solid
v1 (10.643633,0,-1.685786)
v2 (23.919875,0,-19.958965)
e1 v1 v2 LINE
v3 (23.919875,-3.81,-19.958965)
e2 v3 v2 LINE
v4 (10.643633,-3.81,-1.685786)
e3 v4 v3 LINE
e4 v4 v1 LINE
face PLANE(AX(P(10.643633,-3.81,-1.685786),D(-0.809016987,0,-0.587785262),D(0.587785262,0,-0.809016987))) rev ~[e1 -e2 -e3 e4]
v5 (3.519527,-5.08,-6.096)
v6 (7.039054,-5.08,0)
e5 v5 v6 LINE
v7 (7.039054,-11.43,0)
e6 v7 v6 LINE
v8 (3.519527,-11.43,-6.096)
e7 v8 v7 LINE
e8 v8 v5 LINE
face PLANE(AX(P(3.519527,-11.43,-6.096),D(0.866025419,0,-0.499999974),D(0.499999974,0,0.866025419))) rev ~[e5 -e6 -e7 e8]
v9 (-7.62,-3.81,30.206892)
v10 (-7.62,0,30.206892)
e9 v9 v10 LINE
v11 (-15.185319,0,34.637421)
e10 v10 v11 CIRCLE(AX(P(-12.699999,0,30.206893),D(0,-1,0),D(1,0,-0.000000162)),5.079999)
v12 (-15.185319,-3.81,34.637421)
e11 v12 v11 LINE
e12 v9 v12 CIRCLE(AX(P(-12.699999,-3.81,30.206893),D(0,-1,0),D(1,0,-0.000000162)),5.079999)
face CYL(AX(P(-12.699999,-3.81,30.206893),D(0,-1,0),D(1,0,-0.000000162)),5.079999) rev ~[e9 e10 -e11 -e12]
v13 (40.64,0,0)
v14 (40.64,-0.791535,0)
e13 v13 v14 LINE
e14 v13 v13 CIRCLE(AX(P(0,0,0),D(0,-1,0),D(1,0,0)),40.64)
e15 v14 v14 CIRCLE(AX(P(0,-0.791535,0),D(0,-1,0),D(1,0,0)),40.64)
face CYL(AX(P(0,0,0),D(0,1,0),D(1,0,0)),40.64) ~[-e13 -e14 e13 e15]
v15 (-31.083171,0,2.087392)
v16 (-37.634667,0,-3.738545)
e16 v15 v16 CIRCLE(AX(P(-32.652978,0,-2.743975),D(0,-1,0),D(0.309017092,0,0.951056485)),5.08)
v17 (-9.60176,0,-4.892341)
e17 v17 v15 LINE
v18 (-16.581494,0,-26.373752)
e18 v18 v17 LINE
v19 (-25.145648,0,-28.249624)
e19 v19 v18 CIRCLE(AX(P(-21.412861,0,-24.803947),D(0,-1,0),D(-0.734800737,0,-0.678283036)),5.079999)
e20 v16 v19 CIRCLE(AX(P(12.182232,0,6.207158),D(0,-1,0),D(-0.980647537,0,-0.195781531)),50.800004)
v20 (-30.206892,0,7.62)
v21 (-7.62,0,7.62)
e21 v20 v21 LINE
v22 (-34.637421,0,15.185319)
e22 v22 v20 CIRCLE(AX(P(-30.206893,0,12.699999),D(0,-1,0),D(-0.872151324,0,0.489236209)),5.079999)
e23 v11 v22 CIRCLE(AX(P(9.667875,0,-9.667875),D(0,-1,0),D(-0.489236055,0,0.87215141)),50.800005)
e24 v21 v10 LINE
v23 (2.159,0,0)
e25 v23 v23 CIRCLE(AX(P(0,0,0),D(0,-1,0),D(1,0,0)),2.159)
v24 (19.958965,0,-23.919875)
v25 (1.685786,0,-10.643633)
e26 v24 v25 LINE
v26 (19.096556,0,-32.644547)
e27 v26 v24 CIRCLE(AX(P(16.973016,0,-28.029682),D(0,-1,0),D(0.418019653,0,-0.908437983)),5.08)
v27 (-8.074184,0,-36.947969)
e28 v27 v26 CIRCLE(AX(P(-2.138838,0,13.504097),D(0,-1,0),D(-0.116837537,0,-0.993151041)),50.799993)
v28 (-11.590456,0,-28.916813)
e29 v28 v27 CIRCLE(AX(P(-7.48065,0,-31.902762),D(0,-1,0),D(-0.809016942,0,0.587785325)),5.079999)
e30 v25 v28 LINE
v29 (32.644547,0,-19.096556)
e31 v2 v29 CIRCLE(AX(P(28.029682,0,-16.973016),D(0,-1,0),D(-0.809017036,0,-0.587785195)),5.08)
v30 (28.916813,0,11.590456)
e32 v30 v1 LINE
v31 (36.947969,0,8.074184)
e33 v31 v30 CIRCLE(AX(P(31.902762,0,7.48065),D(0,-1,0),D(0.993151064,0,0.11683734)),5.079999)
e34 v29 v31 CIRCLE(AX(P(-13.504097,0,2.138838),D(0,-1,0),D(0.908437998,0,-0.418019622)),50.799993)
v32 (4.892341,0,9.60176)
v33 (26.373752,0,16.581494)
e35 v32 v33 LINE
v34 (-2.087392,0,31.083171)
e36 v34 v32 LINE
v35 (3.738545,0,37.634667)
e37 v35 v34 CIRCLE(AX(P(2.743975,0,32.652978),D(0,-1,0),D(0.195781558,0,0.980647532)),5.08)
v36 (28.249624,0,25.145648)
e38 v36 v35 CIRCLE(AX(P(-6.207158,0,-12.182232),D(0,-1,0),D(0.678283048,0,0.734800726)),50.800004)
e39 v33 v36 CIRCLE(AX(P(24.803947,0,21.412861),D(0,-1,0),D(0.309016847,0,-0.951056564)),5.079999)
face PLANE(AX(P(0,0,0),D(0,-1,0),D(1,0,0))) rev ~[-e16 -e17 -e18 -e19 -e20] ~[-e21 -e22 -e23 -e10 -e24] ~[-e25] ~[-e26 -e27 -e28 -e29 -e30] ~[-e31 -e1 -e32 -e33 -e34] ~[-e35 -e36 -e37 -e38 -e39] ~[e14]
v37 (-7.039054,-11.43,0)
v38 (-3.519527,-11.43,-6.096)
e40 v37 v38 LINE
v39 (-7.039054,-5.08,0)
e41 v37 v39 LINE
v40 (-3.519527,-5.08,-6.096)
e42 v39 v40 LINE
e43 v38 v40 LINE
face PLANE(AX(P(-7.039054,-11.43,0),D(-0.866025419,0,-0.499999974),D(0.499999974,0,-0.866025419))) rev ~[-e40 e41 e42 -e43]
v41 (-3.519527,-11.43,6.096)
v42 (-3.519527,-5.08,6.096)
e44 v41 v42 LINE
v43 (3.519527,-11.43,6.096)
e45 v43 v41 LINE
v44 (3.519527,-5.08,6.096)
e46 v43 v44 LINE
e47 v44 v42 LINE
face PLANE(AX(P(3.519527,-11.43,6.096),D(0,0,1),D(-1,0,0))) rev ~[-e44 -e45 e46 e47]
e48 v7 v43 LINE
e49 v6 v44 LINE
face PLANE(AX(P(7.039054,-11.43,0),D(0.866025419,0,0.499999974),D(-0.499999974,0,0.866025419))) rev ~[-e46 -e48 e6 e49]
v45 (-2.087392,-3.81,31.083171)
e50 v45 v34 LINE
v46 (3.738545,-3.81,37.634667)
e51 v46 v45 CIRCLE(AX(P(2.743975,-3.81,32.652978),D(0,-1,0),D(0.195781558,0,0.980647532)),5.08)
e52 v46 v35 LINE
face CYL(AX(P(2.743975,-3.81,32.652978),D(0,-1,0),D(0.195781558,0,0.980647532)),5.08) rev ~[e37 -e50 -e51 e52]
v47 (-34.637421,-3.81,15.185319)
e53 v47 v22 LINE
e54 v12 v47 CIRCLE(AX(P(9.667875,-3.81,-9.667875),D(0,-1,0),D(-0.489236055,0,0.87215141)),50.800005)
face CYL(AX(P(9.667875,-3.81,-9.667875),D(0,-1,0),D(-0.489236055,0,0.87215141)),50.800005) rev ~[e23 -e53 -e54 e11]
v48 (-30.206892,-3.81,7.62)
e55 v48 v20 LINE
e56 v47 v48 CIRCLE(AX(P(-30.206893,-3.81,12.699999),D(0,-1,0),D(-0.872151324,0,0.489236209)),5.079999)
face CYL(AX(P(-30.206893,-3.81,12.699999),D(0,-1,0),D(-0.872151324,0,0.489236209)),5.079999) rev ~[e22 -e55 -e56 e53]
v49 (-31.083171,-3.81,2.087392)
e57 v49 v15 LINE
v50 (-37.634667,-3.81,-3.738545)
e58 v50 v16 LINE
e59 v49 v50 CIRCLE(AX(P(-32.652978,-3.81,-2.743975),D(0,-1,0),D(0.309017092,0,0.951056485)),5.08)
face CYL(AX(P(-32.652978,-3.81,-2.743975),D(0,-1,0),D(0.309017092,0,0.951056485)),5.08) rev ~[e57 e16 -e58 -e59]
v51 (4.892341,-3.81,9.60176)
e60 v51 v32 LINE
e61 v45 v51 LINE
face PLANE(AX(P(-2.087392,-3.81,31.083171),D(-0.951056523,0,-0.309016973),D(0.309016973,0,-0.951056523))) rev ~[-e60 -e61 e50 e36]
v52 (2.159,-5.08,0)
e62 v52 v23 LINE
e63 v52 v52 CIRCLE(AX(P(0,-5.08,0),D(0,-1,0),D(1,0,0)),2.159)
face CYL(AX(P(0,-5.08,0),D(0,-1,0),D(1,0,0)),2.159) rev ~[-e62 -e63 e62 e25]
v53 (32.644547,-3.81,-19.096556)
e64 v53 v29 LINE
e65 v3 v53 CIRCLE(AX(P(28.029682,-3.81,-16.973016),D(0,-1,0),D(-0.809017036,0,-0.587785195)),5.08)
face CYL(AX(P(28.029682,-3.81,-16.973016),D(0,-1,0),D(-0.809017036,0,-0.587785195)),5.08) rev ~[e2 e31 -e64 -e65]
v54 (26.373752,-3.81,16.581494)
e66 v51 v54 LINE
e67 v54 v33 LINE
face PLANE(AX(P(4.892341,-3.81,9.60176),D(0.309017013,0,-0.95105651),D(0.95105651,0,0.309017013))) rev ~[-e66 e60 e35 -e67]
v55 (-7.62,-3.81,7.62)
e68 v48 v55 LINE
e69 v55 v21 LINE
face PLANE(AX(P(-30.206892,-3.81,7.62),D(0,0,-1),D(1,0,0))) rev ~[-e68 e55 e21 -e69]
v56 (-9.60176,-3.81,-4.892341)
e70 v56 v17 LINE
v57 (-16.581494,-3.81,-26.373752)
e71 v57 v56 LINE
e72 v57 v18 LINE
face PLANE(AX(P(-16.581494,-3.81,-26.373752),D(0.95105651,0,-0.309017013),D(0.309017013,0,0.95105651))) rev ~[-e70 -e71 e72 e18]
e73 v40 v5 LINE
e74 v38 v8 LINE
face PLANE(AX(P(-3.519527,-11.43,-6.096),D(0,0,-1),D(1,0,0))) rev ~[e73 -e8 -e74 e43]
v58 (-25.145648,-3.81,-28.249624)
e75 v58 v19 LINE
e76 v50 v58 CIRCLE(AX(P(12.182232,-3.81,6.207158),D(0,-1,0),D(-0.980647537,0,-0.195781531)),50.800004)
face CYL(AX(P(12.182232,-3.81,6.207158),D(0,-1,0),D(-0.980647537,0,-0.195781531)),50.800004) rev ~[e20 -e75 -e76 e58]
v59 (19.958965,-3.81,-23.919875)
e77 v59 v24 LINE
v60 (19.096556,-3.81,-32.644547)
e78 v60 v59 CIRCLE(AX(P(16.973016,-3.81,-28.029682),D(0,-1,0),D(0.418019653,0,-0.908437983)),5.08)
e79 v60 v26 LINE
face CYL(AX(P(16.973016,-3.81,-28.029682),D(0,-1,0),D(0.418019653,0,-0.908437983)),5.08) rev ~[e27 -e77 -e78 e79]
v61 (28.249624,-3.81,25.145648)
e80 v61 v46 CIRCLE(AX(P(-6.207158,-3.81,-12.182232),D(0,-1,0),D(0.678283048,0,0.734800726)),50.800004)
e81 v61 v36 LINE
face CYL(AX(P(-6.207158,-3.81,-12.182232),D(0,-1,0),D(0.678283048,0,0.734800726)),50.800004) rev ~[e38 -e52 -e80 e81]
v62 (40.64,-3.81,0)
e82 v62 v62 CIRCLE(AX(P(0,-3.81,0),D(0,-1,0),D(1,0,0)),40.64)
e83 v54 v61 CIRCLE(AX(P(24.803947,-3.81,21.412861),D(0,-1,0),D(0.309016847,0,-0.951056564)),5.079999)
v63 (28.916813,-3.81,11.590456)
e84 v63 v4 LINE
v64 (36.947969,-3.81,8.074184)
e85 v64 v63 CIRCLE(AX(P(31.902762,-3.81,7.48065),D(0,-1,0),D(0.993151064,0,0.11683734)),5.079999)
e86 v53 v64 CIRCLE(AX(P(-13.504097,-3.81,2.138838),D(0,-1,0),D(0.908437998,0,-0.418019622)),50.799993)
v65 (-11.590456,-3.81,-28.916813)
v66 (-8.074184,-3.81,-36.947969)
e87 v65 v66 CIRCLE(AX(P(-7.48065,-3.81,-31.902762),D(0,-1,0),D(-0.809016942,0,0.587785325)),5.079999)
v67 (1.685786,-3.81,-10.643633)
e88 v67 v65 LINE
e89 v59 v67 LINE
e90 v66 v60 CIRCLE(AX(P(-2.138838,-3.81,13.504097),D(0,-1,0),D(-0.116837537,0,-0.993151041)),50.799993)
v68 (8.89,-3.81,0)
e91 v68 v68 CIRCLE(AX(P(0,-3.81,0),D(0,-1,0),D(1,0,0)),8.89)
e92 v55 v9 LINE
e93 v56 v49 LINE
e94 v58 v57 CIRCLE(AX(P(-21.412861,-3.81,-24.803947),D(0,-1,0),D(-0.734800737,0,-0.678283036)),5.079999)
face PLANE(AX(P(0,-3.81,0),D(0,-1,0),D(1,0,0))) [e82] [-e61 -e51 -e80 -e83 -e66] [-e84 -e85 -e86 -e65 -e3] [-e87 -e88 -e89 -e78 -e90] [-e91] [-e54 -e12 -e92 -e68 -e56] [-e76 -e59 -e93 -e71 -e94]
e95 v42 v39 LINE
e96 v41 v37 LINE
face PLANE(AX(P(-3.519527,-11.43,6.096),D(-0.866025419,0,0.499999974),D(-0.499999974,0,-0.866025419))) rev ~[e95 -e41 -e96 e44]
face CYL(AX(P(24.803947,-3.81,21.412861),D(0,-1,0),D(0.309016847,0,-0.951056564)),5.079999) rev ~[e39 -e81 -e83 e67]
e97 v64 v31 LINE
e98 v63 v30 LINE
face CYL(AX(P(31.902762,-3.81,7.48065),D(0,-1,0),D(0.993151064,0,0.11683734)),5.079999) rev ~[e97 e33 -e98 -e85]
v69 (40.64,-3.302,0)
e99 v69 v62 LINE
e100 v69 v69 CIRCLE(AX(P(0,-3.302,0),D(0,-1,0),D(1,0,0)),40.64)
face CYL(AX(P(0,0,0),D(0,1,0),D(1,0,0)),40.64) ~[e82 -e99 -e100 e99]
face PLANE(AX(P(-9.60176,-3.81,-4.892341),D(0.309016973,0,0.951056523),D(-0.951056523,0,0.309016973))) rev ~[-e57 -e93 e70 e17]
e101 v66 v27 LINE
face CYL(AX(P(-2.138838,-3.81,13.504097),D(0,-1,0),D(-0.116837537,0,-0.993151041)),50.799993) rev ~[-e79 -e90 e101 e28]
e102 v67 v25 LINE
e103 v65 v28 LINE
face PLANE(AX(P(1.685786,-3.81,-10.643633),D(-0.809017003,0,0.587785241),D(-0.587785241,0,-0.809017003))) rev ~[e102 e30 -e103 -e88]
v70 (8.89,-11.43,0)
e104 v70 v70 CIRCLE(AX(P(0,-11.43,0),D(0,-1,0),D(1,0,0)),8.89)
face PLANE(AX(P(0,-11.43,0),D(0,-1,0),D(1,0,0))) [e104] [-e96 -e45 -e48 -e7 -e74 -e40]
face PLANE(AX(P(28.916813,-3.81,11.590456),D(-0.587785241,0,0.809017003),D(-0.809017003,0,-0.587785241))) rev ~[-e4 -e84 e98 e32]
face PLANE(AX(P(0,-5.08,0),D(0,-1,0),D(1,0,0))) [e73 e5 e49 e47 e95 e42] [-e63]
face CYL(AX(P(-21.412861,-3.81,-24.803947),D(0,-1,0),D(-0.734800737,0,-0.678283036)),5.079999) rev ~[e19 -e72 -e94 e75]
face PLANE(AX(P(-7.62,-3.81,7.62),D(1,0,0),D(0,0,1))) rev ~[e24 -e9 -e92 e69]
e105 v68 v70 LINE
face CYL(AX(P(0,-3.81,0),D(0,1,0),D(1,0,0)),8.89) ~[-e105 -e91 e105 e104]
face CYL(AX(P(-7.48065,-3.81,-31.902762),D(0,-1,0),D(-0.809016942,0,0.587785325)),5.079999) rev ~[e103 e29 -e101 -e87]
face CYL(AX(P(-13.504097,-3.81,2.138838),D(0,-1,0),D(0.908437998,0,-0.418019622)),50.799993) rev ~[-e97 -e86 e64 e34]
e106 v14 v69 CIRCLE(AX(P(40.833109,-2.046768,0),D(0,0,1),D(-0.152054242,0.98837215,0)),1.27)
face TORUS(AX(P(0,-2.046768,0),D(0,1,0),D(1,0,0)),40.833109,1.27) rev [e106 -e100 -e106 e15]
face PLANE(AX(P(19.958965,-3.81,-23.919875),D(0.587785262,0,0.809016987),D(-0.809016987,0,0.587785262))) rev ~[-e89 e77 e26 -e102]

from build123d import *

# Parameters (mm, degrees)
F0_R     = 40.64
F1_DEPTH = 3.81
F3_DEPTH = 25.4
F4_R     = 8.89
F5_DEPTH = 7.62
F7_DEPTH = 6.35
F8_R     = 2.159
F9_DEPTH = 25.4


with BuildPart() as f1:
    # F0 (on Front) → F1 (new body)
    with BuildSketch(Plane.XZ):
        Circle(F0_R)
    extrude(amount=F1_DEPTH)

    # F2 (on face) → F3 (cut)
    with BuildSketch(Plane.XZ.offset(3.81)):
        with BuildLine():
            Line((-30.206892, 7.62), (-7.62, 7.62))
            Line((-7.62, 7.62), (-7.62, 30.206892))
            ThreePointArc((-7.62, 30.206892), (-10.132805, 34.590488), (-15.185319, 34.637421))
            ThreePointArc((-15.185319, 34.637421), (-26.253153, 26.253153), (-34.637421, 15.185319))
            ThreePointArc((-34.637421, 15.185319), (-34.590488, 10.132805), (-30.206892, 7.62))
        make_face()
        with BuildLine():
            Line((-16.581494, -26.373752), (-9.60176, -4.892341))
            Line((-9.60176, -4.892341), (-31.083171, 2.087392))
            ThreePointArc((-31.083171, 2.087392), (-36.028718, 1.052178), (-37.634667, -3.738545))
            ThreePointArc((-37.634667, -3.738545), (-33.080903, -16.855562), (-25.145648, -28.249624))
            ThreePointArc((-25.145648, -28.249624), (-20.325919, -29.7663), (-16.581494, -26.373752))
        make_face()
        with BuildLine():
            ThreePointArc((-11.590456, -28.916813), (-12.134167, -33.940206), (-8.074184, -36.947969))
            ThreePointArc((-8.074184, -36.947969), (5.808031, -36.670464), (19.096556, -32.644547))
            ThreePointArc((19.096556, -32.644547), (22.028379, -28.52939), (19.958965, -23.919875))
            Line((19.958965, -23.919875), (1.685786, -10.643633))
            Line((1.685786, -10.643633), (-11.590456, -28.916813))
        make_face()
        with BuildLine():
            ThreePointArc((23.919875, -19.958965), (28.52939, -22.028379), (32.644547, -19.096556))
            ThreePointArc((32.644547, -19.096556), (36.670464, -5.808031), (36.947969, 8.074184))
            ThreePointArc((36.947969, 8.074184), (33.940206, 12.134167), (28.916813, 11.590456))
            Line((28.916813, 11.590456), (10.643633, -1.685786))
            Line((10.643633, -1.685786), (23.919875, -19.958965))
        make_face()
        with BuildLine():
            ThreePointArc((26.373752, 16.581494), (29.7663, 20.325919), (28.249624, 25.145648))
            ThreePointArc((28.249624, 25.145648), (16.855562, 33.080903), (3.738545, 37.634667))
            ThreePointArc((3.738545, 37.634667), (-1.052178, 36.028718), (-2.087392, 31.083171))
            Line((-2.087392, 31.083171), (4.892341, 9.60176))
            Line((4.892341, 9.60176), (26.373752, 16.581494))
        make_face()
    extrude(amount=-F3_DEPTH, mode=Mode.SUBTRACT)

    # F4 (on face) → F5 (join)
    with BuildSketch(Plane.XZ.offset(3.81)):
        Circle(F4_R)
    extrude(amount=F5_DEPTH)

    # F6 (on face) → F7 (cut)
    with BuildSketch(Plane.XZ.offset(11.43)):
        Polygon((3.519527, -6.096), (7.039054, 0), (3.519527, 6.096), (-3.519527, 6.096), (-7.039054, 0), (-3.519527, -6.096), align=None)
    extrude(amount=-F7_DEPTH, mode=Mode.SUBTRACT)

    # F8 (on face) → F9 (cut)
    with BuildSketch(Plane.XZ.offset(5.08)):
        Circle(F8_R)
    extrude(amount=-F9_DEPTH, mode=Mode.SUBTRACT)

    # F10 (on Top) → F11 (revolve, cut)
    with BuildSketch(Plane.XY):
        with BuildLine():
            Line((40.64, -3.302), (40.64, -0.791535))
            ThreePointArc((40.64, -0.791535), (39.563109, -2.046767), (40.64, -3.302))
        make_face()
    revolve(axis=Axis((0, -1.905, 0), (0, -1, 0)), mode=Mode.SUBTRACT)


solid = f1.part
